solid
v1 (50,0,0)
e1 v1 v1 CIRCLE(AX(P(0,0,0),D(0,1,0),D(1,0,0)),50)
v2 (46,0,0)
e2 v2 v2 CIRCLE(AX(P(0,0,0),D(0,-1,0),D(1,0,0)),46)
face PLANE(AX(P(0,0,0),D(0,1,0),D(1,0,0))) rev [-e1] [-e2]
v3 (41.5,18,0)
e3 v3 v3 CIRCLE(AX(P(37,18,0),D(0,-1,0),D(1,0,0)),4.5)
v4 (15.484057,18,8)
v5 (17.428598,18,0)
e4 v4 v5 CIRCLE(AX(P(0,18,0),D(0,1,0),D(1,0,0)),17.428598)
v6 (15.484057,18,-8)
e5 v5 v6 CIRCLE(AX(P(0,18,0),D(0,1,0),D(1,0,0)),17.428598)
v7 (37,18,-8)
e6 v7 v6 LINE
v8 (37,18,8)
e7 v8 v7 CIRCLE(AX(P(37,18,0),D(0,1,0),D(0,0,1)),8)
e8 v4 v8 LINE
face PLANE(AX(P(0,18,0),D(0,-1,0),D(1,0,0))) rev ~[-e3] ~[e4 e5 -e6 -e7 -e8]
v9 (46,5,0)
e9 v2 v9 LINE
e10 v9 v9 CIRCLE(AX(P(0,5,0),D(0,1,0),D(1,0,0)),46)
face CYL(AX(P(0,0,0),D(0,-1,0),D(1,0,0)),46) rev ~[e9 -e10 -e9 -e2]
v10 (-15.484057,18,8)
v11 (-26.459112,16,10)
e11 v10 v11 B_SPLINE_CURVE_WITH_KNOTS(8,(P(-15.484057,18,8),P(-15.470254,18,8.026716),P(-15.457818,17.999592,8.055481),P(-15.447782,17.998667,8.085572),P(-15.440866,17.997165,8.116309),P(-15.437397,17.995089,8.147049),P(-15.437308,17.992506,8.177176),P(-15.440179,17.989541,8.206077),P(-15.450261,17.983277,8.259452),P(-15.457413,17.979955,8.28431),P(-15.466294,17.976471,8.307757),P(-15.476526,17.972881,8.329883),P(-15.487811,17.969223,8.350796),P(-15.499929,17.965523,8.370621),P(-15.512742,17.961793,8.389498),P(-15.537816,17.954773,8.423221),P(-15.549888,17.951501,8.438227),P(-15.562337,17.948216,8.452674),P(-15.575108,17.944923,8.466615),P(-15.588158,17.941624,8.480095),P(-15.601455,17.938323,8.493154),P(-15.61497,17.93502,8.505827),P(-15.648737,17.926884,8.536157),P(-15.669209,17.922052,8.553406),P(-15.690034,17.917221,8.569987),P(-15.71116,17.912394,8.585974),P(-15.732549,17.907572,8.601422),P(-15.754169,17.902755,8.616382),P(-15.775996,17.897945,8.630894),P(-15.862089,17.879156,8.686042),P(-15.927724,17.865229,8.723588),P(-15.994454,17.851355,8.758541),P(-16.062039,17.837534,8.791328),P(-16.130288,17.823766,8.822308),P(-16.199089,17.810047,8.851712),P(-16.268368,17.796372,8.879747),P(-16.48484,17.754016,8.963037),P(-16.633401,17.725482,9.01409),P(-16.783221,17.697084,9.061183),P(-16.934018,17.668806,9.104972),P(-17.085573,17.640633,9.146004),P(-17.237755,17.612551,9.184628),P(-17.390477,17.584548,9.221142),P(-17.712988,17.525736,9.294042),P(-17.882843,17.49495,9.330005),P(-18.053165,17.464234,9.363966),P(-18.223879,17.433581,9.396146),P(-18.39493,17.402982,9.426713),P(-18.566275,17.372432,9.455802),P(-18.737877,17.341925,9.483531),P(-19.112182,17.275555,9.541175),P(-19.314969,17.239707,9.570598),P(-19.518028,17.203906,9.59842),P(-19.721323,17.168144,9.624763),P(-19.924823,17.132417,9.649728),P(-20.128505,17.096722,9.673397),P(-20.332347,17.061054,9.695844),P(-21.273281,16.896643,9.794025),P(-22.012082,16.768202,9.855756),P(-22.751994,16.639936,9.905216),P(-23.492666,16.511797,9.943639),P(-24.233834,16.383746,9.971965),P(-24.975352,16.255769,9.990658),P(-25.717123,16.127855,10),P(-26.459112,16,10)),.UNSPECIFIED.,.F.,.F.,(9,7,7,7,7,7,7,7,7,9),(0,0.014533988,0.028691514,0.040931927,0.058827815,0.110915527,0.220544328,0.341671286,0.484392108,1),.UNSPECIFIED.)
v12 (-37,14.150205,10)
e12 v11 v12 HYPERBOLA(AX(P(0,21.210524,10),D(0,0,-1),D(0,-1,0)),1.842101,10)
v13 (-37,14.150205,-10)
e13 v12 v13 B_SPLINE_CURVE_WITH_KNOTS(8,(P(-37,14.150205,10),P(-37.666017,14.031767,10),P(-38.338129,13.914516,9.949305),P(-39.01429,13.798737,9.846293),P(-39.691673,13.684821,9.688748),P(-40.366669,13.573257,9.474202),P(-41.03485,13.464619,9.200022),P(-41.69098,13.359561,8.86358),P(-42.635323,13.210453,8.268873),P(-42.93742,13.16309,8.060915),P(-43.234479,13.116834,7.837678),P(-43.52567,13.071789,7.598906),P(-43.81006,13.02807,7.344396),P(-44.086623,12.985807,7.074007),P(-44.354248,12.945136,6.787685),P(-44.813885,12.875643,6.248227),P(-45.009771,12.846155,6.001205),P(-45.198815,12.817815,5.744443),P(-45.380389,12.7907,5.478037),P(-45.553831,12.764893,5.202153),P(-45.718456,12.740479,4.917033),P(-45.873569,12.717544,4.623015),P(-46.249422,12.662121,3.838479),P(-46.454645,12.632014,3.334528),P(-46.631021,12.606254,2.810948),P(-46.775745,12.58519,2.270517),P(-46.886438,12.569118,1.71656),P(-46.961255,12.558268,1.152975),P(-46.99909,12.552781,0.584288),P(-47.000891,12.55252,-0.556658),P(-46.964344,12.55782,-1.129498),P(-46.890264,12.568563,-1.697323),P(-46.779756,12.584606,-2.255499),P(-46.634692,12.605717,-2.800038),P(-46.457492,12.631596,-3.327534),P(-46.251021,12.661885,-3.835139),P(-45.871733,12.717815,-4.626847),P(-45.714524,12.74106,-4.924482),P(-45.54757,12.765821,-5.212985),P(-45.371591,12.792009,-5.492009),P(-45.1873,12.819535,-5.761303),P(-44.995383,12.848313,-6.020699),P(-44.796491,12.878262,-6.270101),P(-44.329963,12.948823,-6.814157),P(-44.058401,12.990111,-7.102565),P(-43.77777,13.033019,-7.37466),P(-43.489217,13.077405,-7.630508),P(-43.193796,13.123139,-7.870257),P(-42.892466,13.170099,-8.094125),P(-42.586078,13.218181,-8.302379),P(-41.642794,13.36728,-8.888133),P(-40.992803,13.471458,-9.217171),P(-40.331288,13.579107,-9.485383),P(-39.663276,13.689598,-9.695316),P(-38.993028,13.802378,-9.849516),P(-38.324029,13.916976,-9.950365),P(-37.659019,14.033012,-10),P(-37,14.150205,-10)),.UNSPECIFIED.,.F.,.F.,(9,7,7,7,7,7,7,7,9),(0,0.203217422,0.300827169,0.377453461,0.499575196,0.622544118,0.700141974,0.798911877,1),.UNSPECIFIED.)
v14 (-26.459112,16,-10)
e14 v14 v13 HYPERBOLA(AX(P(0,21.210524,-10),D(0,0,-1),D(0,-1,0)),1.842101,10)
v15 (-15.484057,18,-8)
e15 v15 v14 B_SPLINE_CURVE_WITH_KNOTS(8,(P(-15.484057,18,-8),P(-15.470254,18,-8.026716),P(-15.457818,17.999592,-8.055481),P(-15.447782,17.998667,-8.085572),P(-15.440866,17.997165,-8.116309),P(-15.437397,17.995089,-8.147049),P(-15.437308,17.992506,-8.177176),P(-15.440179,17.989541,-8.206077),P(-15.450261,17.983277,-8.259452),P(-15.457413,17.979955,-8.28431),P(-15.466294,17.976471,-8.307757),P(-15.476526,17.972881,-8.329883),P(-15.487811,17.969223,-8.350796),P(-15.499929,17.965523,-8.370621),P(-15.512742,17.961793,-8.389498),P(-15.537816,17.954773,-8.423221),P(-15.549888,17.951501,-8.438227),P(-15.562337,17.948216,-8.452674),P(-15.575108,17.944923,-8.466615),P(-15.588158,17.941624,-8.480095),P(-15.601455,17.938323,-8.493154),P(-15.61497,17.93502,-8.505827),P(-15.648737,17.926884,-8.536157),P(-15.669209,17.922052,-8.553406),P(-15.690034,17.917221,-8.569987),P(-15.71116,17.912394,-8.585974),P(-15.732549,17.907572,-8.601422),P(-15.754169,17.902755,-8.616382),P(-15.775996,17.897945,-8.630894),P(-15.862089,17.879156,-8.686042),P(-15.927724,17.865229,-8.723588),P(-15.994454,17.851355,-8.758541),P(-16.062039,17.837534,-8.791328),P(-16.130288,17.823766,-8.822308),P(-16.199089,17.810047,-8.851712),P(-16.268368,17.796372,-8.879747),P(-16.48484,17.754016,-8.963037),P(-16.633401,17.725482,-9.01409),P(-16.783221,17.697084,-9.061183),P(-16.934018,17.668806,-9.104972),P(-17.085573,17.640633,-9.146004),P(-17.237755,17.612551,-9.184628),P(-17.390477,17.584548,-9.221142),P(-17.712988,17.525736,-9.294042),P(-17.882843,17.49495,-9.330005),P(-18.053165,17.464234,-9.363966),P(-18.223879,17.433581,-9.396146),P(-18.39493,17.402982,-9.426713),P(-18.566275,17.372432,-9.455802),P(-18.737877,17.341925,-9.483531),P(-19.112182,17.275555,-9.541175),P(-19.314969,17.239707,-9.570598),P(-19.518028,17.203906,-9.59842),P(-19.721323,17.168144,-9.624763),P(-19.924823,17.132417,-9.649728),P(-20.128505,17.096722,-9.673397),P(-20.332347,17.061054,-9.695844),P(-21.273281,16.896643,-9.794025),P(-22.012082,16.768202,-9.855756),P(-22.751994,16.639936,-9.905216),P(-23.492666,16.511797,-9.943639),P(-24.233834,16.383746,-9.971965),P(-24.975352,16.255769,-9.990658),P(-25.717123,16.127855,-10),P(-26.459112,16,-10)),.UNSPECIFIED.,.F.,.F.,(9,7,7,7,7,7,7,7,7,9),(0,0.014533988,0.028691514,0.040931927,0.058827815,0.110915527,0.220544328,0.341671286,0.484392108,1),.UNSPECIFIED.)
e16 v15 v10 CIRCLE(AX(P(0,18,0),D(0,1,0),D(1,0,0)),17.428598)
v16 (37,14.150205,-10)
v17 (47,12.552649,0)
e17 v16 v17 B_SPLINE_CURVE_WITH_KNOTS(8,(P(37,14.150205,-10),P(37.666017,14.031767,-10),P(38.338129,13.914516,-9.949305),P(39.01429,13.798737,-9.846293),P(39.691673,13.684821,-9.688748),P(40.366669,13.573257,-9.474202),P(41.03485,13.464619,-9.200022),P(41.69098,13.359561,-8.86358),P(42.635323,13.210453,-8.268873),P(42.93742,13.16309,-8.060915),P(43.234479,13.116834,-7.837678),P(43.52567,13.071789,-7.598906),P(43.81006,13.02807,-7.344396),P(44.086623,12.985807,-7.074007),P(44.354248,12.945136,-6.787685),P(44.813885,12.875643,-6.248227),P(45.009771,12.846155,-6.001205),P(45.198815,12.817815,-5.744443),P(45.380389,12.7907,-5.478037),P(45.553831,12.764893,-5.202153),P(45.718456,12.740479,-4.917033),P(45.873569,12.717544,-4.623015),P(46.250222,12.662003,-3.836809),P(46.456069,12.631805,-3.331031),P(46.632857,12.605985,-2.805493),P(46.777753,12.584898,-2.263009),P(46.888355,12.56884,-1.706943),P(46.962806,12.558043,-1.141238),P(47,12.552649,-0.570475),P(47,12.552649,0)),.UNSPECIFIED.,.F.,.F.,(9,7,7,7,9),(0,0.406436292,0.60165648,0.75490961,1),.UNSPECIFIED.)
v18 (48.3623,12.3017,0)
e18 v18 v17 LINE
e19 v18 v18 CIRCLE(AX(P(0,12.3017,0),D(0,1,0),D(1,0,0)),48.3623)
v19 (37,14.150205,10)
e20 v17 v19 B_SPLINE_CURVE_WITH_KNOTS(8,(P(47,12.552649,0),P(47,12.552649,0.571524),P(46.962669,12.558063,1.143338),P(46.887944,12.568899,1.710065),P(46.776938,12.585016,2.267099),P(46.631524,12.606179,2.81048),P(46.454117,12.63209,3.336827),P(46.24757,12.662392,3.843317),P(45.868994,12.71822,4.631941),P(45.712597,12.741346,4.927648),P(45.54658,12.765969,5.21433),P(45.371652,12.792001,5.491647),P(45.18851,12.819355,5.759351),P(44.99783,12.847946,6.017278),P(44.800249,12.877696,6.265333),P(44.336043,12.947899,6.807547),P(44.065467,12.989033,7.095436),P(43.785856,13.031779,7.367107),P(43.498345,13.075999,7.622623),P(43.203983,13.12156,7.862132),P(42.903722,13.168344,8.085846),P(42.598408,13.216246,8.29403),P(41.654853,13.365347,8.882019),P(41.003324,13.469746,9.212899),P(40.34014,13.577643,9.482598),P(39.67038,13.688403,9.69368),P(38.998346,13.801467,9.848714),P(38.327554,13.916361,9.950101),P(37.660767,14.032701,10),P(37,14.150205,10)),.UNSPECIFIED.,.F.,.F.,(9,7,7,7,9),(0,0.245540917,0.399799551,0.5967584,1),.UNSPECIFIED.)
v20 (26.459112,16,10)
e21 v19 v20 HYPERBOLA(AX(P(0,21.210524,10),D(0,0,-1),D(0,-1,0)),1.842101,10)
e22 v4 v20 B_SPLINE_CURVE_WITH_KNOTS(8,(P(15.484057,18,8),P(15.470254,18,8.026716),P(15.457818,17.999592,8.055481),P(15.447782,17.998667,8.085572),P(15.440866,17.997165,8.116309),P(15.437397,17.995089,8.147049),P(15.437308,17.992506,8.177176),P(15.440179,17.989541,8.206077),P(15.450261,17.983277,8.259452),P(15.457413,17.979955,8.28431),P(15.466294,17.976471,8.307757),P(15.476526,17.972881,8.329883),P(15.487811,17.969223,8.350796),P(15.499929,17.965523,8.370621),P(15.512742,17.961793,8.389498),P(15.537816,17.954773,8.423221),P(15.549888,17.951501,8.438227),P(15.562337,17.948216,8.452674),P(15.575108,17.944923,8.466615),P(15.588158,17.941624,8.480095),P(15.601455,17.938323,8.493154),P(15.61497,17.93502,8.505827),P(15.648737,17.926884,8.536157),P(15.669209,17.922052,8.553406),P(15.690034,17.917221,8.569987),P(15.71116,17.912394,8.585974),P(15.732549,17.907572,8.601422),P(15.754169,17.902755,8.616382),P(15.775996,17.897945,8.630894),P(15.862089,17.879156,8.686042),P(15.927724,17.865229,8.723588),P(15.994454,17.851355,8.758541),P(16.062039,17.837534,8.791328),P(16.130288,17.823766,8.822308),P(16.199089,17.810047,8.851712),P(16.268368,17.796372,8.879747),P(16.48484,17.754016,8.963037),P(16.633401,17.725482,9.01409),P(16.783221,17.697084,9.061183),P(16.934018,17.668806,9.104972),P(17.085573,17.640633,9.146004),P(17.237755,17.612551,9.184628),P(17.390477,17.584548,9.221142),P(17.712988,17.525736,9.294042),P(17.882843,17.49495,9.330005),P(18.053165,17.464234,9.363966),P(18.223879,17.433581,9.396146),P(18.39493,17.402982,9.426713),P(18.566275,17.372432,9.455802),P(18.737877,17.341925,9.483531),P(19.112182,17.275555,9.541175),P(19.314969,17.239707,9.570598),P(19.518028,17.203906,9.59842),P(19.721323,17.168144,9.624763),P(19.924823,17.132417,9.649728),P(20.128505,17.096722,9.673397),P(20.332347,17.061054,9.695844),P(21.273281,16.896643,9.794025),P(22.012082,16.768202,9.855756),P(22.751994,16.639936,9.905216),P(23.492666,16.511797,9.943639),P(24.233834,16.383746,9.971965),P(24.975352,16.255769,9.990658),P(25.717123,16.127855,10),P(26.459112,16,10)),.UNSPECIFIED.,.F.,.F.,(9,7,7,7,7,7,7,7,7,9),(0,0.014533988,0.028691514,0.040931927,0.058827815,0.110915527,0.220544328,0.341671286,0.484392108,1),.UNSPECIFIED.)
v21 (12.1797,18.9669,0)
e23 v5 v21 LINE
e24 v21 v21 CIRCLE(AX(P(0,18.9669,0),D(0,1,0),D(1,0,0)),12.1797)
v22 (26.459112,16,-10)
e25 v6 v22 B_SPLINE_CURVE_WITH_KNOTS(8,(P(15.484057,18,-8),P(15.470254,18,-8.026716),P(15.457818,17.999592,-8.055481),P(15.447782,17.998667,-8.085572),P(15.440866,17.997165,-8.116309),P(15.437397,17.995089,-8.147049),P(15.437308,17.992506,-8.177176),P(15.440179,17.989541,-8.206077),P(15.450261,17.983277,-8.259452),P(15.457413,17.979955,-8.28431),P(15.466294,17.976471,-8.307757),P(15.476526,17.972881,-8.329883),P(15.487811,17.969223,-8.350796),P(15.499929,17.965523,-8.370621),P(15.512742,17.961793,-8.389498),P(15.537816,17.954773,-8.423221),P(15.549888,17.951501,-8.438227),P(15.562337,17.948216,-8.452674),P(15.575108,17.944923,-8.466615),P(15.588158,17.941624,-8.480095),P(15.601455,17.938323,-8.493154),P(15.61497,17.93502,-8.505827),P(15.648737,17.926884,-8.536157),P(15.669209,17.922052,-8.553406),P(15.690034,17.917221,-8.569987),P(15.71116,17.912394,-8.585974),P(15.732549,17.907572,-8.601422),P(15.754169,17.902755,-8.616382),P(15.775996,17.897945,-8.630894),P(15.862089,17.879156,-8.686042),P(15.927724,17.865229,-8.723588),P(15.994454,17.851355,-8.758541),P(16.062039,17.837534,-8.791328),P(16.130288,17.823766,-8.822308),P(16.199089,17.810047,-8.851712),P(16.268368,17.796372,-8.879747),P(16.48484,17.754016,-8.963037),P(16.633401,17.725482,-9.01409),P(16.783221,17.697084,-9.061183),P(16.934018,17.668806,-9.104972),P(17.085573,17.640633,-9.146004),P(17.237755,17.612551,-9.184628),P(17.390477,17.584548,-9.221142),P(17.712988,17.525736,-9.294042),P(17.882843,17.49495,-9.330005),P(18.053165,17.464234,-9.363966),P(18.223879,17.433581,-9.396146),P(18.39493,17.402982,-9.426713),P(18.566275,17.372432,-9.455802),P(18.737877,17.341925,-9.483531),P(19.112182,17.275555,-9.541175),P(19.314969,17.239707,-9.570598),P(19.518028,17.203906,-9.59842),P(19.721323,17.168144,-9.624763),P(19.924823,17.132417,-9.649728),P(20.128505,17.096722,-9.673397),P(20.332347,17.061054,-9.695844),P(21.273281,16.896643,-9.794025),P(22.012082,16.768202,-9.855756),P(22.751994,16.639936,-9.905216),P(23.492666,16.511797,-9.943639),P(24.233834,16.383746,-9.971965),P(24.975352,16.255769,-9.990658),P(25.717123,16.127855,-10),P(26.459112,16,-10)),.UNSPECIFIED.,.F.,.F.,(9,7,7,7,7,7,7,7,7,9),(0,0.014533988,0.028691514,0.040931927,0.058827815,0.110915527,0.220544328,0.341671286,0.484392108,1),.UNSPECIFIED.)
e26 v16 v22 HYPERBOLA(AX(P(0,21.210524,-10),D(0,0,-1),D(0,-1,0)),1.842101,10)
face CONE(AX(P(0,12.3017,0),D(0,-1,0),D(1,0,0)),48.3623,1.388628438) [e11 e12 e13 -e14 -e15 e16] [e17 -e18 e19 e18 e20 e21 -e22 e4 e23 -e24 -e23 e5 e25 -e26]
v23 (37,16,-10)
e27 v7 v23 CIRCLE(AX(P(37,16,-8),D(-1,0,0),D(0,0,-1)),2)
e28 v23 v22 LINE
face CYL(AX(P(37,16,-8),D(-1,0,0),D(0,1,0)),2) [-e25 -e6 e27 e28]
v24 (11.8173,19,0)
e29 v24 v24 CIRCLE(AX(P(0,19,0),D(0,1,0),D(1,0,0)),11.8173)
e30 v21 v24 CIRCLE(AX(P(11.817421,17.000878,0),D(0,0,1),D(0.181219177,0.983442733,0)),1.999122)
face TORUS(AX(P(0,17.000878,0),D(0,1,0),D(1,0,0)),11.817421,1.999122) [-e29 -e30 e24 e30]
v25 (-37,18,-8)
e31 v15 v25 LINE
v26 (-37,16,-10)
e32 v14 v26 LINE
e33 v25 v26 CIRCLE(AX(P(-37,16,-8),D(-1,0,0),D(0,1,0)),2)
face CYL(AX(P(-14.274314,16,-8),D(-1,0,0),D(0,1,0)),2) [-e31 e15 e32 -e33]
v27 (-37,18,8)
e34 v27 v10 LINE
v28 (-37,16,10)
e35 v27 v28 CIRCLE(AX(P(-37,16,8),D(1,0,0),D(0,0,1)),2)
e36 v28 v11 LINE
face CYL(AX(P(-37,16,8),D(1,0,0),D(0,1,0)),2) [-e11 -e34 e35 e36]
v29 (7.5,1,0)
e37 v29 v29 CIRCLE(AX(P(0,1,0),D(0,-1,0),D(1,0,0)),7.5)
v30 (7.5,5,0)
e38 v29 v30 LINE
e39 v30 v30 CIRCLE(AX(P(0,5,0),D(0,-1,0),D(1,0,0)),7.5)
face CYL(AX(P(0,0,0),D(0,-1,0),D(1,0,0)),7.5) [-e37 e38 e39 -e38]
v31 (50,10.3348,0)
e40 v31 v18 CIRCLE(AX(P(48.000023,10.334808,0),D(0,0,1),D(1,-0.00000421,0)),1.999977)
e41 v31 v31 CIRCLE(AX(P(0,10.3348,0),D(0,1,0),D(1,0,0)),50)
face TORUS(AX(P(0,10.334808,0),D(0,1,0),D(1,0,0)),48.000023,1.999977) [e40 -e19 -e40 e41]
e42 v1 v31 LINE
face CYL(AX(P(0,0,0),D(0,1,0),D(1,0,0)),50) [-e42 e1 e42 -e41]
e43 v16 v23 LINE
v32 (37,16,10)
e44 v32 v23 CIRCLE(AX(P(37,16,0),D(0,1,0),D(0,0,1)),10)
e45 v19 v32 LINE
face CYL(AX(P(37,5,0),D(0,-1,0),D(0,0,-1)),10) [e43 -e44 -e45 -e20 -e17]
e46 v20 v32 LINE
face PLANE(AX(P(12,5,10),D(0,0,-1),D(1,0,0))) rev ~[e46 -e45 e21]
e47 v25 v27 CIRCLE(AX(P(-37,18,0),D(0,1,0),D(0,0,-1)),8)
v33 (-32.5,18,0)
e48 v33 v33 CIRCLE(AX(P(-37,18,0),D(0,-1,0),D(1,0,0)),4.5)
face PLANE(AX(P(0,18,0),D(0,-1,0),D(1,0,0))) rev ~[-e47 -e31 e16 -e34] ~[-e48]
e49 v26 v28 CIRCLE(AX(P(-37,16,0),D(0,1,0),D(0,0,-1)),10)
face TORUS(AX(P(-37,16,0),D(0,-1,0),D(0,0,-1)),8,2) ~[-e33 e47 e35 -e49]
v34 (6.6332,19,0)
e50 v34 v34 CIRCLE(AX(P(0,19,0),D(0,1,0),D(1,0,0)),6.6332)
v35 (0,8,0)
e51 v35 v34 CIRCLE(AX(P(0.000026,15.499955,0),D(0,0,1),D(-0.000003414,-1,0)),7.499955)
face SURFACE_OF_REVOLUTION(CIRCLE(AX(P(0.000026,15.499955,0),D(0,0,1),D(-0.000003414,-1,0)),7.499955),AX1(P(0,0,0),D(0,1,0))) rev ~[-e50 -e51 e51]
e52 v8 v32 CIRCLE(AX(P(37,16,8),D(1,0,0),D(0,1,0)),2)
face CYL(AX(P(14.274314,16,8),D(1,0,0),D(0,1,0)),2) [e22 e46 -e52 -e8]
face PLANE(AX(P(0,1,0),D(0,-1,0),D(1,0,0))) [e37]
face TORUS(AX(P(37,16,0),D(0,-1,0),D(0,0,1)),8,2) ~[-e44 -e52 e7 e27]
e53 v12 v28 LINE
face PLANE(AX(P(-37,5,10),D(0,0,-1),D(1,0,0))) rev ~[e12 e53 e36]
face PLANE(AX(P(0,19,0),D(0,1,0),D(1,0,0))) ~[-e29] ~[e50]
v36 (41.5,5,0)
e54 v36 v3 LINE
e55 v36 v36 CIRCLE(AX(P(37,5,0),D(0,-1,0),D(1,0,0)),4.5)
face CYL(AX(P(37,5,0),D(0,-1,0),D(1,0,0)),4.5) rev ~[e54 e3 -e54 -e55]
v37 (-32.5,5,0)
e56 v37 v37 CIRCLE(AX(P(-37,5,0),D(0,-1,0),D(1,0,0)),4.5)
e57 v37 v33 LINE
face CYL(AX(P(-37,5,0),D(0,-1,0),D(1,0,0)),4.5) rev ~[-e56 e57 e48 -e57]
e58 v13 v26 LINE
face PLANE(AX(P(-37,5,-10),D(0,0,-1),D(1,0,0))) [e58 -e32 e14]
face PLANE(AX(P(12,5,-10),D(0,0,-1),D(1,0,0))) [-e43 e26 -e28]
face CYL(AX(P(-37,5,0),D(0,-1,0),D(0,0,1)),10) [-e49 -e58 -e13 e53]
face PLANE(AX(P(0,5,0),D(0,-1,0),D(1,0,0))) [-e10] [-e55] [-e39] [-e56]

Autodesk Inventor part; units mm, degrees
ref_plane "YZ Plane" through (0, 0, 0) normal (1, 0, 0) x (0, 1, 0)
ref_plane "XZ Plane" through (0, 0, 0) normal (0, 1, 0) x (-1, 0, 0)
ref_plane "XY Plane" through (0, 0, 0) normal (0, 0, 1) x (1, 0, 0)
sketch "Sketch1" plane through (0, 0, 0) normal (0, 0, 1) x (1, 0, 0)
  line L0 (0, 0) -> (50, 0)
  line L1 (50, 0) -> (50, 10.3348)
  line L2 (0, 0) -> (0, 19) construction
  arc A0 (0, 8) -> (6.6332, 19) centre (0, 15.5) ccw
  line L3 (6.6332, 19) -> (11.8173, 19)
  line L4 (48.3623, 12.3017) -> (12.1797, 18.9669)
  arc A1 (12.1797, 18.9669) -> (11.8173, 19) centre (11.8173, 17) ccw
  arc A2 (50, 10.3348) -> (48.3623, 12.3017) centre (48, 10.3348) ccw
  line L5 (0, 0) -> (0, 8)
  point P0 (50, 12)
  point P1 (12, 19)
  dimension "d0" = 50
  dimension "d1" = 12
  dimension "d2" = 19
  dimension "d3" = 15
  dimension "d4" = 3.5
  dimension "d5" = 12
  dimension "d6" = 2
  dimension "d14" = 19
revolve "Revolution1" add sketch "Sketch1" angle 360 about axis through (0, 0, 0) along (0, 1, 0)
sketch "Sketch2" plane through (0, 0, 0) normal (0, -1, 0) x (1, 0, 0)
  circle A0 centre (0, 0) radius 50 projected
  circle A1 centre (0, 0) radius 7.5
  dimension "d8" = 15
extrude "Extrusion1" cut sketch "Sketch2" against normal blind 1 contours A1
sketch "Sketch3" plane through (0, 0, 0) normal (0, -1, 0) x (1, 0, 0)
  circle A0 centre (0, 0) radius 7.5 projected
  circle A1 centre (0, 0) radius 50 projected
  circle A2 centre (0, 0) radius 46
  dimension "d11" = 4
extrude "Extrusion2" cut sketch "Sketch3" against normal blind 5 contours A2
sketch "Sketch4" plane through (0, 5, 0) normal (0, -1, 0) x (1, 0, 0)
  circle A0 centre (0, 0) radius 7.5 projected
  arc A1 (-37, 10) -> (-37, -10) centre (-37, 0) ccw
  arc A2 (37, -10) -> (37, 10) centre (37, 0) ccw
  line L0 (12, 10) -> (12, -10)
  line L1 (-12, 10) -> (-12, -10)
  line L2 (-37, 10) -> (-12, 10)
  line L3 (-37, -10) -> (-12, -10)
  line L4 (12, 10) -> (37, 10)
  line L5 (12, -10) -> (37, -10)
  point P0 (-12, 0)
  point P1 (12, 0)
  dimension "d15" = 20
  dimension "d16" = 20
  dimension "d17" = 74
  dimension "d18" = 37
  dimension "d19" = 20
  dimension "d20" = 20
  dimension "d21" = 25
  dimension "d22" = 25
extrude "Extrusion3" add sketch "Sketch4" against normal blind 13 contours L2 L1 L3 A1 | L5 L0 L4 A2
fillet "Fillet1" radius 2 6 edges at (-25.6371, 18, 10) (-47, 18, 0) (-25.6371, 18, -10) (25.6371, 18, 10) (47, 18, 0) (25.6371, 18, -10)
sketch "Sketch5" plane through (0, 5, 0) normal (0, -1, 0) x (1, 0, 0)
  arc A0 (-37, 10) -> (-37, -10) centre (-37, 0) ccw projected
  circle A1 centre (-37, 0) radius 4.5
  circle A2 centre (37, 0) radius 4.5
  dimension "d26" = 9
  dimension "d27" = 9
extrude "Extrusion4" cut sketch "Sketch5" against normal through all
equation "\"d18\" = 0.5 * d17"
equation "\"d22\" = d21"
equation "\"d27\" = d26"
properties part number "PAD 100mm GRAY PLASTIC WITH ATTACHMENT BORES" material "ABS Plastic"
